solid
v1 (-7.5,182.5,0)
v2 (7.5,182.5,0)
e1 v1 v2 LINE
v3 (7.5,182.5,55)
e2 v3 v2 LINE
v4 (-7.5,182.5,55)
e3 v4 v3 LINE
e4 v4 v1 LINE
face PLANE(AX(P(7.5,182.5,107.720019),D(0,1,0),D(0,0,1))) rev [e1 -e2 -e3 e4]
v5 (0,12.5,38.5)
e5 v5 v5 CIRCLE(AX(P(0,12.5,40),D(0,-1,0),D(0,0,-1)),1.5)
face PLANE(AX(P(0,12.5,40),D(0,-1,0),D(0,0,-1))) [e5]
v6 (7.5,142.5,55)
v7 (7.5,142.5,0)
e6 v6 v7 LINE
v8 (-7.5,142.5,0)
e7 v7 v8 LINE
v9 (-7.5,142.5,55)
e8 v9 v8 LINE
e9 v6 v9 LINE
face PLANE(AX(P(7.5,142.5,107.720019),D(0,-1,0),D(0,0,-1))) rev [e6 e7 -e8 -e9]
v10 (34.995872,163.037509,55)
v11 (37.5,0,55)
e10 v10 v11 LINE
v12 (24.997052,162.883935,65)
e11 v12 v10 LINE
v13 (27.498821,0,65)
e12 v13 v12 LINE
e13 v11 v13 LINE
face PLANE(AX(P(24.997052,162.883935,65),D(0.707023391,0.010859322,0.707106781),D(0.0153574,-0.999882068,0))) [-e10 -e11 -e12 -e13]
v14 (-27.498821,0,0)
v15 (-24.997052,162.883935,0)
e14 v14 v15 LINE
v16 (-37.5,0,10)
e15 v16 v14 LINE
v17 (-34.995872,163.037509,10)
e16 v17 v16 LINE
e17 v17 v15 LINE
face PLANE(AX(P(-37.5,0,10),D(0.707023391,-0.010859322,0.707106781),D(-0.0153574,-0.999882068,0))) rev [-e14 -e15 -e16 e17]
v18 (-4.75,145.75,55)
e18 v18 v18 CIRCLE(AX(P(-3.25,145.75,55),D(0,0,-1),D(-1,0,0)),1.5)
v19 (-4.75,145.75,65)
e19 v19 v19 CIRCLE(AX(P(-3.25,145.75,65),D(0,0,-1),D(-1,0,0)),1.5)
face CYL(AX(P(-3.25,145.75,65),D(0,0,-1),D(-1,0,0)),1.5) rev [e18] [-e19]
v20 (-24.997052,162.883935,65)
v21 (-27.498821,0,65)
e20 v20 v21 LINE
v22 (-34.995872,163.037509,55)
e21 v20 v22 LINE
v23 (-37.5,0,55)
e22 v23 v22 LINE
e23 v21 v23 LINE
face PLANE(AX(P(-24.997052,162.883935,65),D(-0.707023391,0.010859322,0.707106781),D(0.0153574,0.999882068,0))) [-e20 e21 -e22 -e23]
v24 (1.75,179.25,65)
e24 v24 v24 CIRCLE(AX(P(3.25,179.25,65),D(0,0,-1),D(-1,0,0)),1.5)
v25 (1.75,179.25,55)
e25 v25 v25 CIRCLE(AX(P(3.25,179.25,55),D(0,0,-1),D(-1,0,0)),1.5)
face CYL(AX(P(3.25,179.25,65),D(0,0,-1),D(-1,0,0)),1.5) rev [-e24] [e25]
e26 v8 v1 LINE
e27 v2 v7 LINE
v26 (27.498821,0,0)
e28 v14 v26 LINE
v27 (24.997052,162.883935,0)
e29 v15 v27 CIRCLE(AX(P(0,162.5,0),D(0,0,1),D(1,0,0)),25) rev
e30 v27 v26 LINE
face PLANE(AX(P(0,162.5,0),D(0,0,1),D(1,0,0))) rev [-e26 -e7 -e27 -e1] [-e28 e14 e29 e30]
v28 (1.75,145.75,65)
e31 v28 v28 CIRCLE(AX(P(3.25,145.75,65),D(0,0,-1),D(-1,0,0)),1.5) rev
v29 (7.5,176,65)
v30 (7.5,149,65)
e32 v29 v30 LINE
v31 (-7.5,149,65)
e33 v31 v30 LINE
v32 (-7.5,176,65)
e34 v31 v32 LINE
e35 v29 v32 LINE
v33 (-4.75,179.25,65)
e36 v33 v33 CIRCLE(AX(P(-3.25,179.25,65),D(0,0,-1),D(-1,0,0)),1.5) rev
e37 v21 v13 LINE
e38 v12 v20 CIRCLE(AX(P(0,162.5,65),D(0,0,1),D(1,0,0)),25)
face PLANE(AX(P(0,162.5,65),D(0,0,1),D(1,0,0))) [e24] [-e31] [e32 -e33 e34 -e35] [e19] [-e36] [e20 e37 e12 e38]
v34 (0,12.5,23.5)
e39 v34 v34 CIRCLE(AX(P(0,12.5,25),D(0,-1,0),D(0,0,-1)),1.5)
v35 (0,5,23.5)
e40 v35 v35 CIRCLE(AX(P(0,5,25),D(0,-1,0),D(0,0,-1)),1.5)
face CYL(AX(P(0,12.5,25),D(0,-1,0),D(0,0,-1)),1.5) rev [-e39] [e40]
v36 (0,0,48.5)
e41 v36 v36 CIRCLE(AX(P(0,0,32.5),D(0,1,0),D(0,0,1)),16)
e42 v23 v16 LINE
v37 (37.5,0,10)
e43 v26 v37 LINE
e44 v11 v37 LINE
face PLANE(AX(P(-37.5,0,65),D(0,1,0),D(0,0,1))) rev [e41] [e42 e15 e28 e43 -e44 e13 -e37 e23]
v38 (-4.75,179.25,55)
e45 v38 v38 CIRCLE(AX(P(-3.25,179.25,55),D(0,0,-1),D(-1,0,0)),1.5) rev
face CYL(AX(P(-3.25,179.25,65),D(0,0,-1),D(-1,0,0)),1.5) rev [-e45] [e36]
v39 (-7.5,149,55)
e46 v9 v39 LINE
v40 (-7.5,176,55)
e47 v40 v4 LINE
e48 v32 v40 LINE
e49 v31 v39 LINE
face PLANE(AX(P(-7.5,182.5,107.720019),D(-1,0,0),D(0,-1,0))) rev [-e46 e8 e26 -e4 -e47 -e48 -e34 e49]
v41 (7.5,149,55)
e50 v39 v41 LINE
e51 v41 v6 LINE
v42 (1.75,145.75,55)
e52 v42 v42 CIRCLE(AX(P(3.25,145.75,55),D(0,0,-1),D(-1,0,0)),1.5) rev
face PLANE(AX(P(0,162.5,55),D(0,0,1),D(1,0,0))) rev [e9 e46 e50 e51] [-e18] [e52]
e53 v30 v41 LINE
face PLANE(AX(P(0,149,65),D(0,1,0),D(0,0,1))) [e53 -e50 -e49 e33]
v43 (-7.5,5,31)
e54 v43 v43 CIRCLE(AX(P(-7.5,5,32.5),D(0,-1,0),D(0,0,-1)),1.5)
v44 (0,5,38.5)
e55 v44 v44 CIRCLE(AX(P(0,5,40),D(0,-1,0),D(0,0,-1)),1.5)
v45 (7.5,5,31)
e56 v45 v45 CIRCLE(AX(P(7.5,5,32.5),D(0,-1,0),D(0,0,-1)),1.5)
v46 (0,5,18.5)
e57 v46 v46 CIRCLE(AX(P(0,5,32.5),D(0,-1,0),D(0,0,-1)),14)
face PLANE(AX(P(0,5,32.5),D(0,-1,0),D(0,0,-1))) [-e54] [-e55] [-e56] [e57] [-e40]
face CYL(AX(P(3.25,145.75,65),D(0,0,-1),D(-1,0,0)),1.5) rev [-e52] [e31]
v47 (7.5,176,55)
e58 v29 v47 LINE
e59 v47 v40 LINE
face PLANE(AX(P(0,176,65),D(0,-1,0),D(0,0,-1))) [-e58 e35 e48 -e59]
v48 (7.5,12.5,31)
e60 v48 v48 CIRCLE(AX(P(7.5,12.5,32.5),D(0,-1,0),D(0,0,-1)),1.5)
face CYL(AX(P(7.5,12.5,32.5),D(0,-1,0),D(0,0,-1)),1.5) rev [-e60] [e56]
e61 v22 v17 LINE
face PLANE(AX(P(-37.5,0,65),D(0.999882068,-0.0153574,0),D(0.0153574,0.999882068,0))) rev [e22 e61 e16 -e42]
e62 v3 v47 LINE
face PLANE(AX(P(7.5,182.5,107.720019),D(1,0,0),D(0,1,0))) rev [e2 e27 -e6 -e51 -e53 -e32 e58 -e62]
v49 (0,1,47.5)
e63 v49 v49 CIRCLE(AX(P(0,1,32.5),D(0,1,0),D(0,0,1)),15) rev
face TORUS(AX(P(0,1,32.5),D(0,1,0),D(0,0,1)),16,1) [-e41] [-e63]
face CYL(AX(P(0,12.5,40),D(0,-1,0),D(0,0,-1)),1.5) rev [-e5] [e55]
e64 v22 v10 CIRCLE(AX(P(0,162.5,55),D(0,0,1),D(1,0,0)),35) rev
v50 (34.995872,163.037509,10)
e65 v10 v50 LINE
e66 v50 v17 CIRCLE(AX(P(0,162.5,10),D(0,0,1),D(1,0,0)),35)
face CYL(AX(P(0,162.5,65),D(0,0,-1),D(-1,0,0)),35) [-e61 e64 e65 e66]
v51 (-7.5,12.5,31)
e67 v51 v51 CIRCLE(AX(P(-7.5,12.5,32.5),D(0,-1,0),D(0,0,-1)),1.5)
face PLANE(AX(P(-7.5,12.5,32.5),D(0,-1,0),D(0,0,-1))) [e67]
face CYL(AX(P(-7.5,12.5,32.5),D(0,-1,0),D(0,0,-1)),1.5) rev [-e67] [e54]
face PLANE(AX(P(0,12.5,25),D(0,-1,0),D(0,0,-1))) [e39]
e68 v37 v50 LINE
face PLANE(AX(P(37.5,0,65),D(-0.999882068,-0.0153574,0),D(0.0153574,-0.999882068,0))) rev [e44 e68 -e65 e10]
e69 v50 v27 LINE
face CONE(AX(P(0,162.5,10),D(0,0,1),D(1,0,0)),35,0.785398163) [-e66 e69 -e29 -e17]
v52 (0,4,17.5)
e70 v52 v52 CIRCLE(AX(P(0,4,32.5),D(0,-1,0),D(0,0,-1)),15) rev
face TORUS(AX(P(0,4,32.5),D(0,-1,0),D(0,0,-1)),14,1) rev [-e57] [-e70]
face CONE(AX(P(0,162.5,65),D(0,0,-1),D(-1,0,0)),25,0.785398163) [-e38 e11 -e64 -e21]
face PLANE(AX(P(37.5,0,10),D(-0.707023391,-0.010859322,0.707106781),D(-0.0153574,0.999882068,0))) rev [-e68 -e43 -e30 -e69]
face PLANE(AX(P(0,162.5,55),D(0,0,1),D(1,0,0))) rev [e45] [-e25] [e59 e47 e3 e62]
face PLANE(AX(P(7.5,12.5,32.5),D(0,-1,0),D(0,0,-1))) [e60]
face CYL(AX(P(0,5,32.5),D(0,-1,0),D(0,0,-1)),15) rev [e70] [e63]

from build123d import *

# Parameters (mm, degrees)
BOSS_EXTRUDE1_DEPTH = 65
CHAMFER1_SIZE       = 10
SKETCH2_R           = 15
CUT_EXTRUDE1_DEPTH  = 5
SKETCH3_R           = 1.5
CUT_EXTRUDE2_DEPTH  = 7.5
FILLET1_R           = 1
SKETCH4_W           = 15
SKETCH4_H           = 40
CUT_EXTRUDE3_DEPTH  = 55
SKETCH5_W           = 15
SKETCH5_H           = 27
SKETCH5_R           = 1.5
CUT_EXTRUDE4_DEPTH  = 209.416650007


with BuildPart() as part:
    # Sketch1 → Boss-Extrude1 (new body)
    with BuildSketch(Plane.XY):
        with BuildLine():
            Line((-37.5, 0), (37.5, 0))
            Line((37.5, 0), (34.995872386, 163.037509012))
            ThreePointArc((34.995872386, 163.037509012), (0, 197.5), (-34.995872386, 163.037509012))
            Line((-34.995872386, 163.037509012), (-37.5, 0))
        make_face()
    extrude(amount=BOSS_EXTRUDE1_DEPTH)

    # Chamfer1
    chamfer1_edges = [part.edges().sort_by_distance(p)[0] for p in [
        (-36.247936193, 81.518754506, 65),
        (36.247936193, 81.518754506, 65),
        (-36.247936193, 81.518754506, 0),
        (0, 197.5, 0),
        (36.247936193, 81.518754506, 0),
        (0, 197.5, 65),
    ]]
    chamfer(chamfer1_edges, length=CHAMFER1_SIZE)

    # Sketch2 → Cut-Extrude1 (cut)
    with BuildSketch(Plane(origin=(0, 0, 0), x_dir=(-1, 0, 0), z_dir=(0, -1, 0))):
        with Locations(Location((0, -32.5, 0), (0, 0, 90))):
            Circle(SKETCH2_R)
    extrude(amount=-CUT_EXTRUDE1_DEPTH, mode=Mode.SUBTRACT)

    # Sketch3 → Cut-Extrude2 (cut)
    with BuildSketch(Plane(origin=(0, 5, 0), x_dir=(-1, 0, 0), z_dir=(0, -1, 0))):
        with Locations(Location((0, -40, 0), (0, 0, 90))):
            Circle(SKETCH3_R)
        with Locations(Location((-7.5, -32.5, 0), (0, 0, 90))):
            Circle(SKETCH3_R)
        with Locations(Location((0, -25, 0), (0, 0, 90))):
            Circle(SKETCH3_R)
        with Locations(Location((7.5, -32.5, 0), (0, 0, 90))):
            Circle(SKETCH3_R)
    extrude(amount=-CUT_EXTRUDE2_DEPTH, mode=Mode.SUBTRACT)

    # Fillet1
    fillet1_edges = [part.edges().sort_by_distance(p)[0] for p in [
        (0, 5, 47.5),
        (0, 0, 47.5),
    ]]
    fillet(fillet1_edges, radius=FILLET1_R)

    # Sketch4 → Cut-Extrude3 (cut)
    with BuildSketch(Plane(origin=(0, 0, 0), x_dir=(-1, 0, 0), z_dir=(0, 0, -1))):
        with Locations((0, 162.5)):
            Rectangle(SKETCH4_W, SKETCH4_H)
    extrude(amount=-CUT_EXTRUDE3_DEPTH, mode=Mode.SUBTRACT)

    # Sketch5 → Cut-Extrude4 (cut, through all)
    with BuildSketch(Plane(origin=(0, 0, 55), x_dir=(-1, 0, 0), z_dir=(0, 0, -1))):
        with Locations((0, 162.5)):
            Rectangle(SKETCH5_W, SKETCH5_H)
        with Locations((-3.25, 179.25)):
            Circle(SKETCH5_R)
        with Locations((3.25, 179.25)):
            Circle(SKETCH5_R)
        with Locations((-3.25, 145.75)):
            Circle(SKETCH5_R)
        with Locations((3.25, 145.75)):
            Circle(SKETCH5_R)
    extrude(amount=-CUT_EXTRUDE4_DEPTH, mode=Mode.SUBTRACT)


solid = part.part
